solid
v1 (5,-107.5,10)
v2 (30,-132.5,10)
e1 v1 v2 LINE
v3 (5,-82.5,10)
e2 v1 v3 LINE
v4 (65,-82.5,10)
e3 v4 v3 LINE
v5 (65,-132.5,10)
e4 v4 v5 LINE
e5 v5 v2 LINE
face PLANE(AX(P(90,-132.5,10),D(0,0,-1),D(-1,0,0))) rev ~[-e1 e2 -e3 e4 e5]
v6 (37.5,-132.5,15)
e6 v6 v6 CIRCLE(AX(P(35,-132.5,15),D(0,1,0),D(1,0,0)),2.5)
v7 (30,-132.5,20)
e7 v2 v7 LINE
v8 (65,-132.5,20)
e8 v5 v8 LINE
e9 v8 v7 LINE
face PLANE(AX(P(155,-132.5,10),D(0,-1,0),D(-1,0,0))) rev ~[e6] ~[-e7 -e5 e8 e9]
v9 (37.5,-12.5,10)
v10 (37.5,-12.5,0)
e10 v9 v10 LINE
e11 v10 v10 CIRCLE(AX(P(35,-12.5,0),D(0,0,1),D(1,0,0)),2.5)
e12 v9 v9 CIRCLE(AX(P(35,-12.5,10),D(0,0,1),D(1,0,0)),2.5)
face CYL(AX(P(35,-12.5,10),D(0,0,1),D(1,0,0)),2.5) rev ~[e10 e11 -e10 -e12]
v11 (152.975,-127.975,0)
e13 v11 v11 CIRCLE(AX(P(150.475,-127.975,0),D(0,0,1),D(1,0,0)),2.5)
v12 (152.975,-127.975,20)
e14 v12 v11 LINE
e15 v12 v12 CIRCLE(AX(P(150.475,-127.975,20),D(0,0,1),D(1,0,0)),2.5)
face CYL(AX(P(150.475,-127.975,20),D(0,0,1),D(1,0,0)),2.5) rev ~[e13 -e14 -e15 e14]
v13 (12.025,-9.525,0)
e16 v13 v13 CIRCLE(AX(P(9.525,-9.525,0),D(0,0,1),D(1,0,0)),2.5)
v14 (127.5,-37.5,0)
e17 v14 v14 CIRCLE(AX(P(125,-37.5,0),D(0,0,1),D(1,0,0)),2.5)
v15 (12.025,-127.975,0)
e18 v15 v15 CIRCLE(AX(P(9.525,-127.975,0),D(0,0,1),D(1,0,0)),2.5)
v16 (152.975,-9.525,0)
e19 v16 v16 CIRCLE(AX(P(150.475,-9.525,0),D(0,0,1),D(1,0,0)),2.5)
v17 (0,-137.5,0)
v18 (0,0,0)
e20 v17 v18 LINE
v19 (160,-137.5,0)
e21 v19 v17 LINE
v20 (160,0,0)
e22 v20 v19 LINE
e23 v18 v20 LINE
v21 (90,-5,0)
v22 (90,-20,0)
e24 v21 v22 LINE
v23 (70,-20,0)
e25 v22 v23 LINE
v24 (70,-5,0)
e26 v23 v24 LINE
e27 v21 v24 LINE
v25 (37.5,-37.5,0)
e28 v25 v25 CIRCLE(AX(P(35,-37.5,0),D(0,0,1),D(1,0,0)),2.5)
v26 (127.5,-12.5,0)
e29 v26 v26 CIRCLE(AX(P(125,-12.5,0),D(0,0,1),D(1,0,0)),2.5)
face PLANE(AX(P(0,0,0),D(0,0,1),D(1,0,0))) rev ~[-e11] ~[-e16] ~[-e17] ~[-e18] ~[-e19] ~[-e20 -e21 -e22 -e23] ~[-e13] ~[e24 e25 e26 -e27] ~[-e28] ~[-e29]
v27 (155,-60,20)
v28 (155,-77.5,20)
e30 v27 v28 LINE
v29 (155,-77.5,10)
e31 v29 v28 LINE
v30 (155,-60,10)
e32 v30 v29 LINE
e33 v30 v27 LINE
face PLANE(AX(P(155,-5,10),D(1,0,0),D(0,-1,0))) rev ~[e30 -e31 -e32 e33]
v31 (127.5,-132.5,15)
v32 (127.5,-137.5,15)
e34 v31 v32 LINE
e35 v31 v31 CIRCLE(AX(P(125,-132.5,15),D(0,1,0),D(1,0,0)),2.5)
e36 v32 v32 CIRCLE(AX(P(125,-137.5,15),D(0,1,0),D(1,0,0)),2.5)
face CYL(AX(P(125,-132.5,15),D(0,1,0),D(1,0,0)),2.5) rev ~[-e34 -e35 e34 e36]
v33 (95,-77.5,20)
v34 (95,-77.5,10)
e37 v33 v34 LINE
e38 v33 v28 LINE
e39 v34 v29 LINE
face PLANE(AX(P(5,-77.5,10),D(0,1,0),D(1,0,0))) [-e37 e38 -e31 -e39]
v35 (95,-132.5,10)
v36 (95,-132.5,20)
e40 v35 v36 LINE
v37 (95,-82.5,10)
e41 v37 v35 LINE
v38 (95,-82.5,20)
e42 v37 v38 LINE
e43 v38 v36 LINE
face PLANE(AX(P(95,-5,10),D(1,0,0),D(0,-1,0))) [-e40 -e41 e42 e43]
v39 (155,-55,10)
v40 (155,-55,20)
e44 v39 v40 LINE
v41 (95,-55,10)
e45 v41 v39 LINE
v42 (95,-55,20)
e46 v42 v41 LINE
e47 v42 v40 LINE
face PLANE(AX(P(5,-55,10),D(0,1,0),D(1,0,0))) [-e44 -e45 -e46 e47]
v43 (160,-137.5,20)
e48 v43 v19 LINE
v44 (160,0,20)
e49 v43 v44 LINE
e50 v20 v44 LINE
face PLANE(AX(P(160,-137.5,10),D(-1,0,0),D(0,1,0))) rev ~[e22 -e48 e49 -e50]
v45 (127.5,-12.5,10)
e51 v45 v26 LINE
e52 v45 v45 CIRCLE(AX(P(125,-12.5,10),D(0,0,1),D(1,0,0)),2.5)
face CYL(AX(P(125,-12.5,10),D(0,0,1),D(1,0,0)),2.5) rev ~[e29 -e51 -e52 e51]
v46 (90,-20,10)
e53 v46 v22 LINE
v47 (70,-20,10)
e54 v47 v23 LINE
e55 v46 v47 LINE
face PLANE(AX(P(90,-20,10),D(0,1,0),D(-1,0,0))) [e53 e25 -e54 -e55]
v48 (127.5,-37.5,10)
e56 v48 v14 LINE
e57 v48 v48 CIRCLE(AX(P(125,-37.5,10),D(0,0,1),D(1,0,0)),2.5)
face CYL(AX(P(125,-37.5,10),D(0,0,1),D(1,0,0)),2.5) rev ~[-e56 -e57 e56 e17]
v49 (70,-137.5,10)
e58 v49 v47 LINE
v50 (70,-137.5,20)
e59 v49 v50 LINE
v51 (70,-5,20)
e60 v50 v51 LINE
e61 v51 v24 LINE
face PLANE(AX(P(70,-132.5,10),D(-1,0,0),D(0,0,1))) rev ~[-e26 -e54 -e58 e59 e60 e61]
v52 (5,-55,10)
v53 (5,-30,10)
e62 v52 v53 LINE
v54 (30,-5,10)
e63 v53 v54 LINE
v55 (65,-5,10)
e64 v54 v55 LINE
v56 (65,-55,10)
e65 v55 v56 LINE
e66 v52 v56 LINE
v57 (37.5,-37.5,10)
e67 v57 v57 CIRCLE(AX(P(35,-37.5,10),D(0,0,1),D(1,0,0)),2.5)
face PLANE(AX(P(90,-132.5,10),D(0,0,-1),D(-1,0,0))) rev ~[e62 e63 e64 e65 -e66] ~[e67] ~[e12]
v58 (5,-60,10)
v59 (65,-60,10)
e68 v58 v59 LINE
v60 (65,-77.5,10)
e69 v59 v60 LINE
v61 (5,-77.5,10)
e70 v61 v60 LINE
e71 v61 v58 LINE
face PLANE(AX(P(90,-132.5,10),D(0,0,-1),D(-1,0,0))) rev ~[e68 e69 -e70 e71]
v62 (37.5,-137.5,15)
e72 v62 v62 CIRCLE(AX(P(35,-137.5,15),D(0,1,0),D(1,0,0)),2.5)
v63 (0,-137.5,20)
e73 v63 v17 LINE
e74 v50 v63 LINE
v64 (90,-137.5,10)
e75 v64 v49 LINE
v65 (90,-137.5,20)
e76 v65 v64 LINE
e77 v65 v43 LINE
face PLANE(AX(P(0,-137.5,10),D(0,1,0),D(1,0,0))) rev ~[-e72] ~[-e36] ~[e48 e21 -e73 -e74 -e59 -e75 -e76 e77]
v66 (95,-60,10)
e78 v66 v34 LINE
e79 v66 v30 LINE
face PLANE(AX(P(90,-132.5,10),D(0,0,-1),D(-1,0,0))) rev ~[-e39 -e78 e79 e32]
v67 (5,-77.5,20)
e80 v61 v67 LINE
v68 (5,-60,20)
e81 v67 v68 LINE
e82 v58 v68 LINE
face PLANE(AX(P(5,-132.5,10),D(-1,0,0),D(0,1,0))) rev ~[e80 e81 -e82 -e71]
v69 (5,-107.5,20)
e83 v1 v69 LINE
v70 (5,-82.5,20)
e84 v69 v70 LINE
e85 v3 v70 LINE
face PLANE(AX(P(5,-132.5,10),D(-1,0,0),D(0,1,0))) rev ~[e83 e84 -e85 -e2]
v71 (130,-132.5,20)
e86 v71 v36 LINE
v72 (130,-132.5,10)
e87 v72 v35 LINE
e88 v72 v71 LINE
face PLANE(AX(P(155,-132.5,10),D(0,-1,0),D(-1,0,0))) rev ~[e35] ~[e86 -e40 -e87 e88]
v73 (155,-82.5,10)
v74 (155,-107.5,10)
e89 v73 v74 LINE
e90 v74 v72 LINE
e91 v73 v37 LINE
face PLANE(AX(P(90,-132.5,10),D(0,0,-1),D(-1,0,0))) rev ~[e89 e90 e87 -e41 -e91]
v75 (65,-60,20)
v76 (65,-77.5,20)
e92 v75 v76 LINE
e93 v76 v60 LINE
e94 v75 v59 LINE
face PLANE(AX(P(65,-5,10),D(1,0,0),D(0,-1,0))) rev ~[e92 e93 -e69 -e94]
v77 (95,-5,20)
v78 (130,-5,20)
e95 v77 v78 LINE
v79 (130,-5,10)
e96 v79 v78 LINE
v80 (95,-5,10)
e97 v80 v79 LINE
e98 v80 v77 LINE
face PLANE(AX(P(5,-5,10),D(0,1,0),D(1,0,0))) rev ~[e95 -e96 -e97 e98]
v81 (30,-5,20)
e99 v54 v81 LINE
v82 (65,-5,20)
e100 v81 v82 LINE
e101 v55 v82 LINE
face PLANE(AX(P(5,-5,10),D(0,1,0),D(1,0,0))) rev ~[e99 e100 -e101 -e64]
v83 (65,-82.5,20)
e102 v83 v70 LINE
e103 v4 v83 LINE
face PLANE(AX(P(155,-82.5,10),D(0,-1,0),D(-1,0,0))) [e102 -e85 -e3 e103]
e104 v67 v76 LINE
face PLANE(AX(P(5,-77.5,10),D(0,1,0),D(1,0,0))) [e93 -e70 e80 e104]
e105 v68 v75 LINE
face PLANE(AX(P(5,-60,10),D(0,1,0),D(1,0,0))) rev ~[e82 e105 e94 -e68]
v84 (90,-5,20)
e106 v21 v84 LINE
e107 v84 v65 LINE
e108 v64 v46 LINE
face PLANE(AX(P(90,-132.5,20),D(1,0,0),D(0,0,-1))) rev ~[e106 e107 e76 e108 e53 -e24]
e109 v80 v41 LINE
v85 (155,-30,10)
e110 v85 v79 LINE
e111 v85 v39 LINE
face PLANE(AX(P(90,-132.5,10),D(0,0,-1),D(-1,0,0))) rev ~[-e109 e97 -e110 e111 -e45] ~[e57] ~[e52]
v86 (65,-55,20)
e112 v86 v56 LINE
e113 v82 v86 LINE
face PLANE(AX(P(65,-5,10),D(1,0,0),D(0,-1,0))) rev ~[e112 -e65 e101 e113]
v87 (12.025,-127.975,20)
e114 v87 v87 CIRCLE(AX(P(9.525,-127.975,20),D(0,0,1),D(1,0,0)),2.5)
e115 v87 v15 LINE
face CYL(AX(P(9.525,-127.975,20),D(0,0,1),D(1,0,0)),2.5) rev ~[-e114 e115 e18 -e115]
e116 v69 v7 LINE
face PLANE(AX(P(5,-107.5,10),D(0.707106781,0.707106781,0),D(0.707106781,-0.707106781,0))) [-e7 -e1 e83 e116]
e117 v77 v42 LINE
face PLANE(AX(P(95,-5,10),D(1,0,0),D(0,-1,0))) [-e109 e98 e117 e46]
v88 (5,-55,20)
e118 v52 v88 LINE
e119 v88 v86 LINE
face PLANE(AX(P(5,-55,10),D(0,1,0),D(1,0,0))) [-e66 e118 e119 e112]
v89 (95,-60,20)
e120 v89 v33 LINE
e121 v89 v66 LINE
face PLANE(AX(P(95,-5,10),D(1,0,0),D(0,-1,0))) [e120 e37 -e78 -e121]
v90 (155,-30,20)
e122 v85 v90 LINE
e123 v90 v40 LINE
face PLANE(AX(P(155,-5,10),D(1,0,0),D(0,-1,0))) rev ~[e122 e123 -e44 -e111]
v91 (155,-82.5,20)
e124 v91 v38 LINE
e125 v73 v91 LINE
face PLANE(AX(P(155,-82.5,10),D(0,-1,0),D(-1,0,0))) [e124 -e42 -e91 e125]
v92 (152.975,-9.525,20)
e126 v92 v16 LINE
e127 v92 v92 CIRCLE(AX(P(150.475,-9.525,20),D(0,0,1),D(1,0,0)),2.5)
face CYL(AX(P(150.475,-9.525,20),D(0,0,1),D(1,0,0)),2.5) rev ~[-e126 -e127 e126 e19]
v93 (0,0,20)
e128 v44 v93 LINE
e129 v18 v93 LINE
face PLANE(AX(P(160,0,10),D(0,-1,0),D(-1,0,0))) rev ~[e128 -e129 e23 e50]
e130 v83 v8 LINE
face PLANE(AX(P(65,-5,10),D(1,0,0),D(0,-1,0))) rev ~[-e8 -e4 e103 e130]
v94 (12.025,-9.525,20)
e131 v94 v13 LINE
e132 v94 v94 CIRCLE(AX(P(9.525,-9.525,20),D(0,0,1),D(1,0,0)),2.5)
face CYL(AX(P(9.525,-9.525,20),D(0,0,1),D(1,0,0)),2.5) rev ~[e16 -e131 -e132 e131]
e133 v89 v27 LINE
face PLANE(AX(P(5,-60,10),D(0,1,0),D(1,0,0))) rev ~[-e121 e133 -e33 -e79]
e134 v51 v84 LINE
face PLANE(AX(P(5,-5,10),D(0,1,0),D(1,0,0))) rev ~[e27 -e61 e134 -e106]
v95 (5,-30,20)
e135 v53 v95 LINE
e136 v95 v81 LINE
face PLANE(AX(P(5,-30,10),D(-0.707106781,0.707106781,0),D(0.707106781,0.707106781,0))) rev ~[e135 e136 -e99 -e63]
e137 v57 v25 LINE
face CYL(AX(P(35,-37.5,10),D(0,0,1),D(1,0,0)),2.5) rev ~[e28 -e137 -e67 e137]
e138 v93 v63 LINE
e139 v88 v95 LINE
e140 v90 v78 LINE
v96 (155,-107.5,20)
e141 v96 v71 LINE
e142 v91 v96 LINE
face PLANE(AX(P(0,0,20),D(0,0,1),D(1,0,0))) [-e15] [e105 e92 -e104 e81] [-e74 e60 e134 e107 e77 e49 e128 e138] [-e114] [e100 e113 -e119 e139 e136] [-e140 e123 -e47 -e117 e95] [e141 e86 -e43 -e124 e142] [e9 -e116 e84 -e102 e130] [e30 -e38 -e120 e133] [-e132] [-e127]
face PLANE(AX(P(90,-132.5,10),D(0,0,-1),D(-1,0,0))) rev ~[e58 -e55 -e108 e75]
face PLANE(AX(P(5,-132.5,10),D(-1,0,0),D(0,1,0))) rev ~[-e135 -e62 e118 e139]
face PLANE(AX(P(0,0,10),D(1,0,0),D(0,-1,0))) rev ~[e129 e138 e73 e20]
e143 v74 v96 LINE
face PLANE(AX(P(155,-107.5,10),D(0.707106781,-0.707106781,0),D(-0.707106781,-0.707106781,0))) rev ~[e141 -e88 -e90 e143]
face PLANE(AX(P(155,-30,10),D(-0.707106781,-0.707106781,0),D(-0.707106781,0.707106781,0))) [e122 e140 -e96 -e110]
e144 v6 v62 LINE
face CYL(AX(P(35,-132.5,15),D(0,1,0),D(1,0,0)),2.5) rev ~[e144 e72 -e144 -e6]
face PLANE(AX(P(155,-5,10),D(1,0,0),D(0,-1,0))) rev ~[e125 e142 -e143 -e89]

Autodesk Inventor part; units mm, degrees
ref_plane "YZ Plane" through (0, 0, 0) normal (1, 0, 0) x (0, 1, 0)
ref_plane "XZ Plane" through (0, 0, 0) normal (0, 1, 0) x (-1, 0, 0)
ref_plane "XY Plane" through (0, 0, 0) normal (0, 0, 1) x (1, 0, 0)
sketch "Sketch1" plane through (0, 0, 0) normal (0, 0, 1) x (1, 0, 0)
  line L0 (0, 0) -> (160, 0)
  line L1 (160, 0) -> (160, -137.5)
  line L2 (160, -137.5) -> (0, -137.5)
  line L3 (0, -137.5) -> (0, 0)
  dimension "d0" = 160
  dimension "d1" = 137.5
extrude "Extrusion1" add sketch "Sketch1" along normal blind 10
sketch "Sketch2" plane through (0, 0, 10) normal (0, 0, 1) x (1, 0, 0)
  circle A0 centre (35, -12.5) radius 2.5
  circle A1 centre (35, -37.5) radius 2.5
  line L0 (160, 0) -> (0, 0) projected
  line L1 (0, 0) -> (0, -137.5) projected
  circle A2 centre (125, -12.5) radius 2.5
  circle A3 centre (125, -37.5) radius 2.5
  line L2 (160, -137.5) -> (160, 0) projected
  dimension "d4" = 5
  dimension "d5" = 5
  dimension "d6" = 12.5
  dimension "d7" = 25
  dimension "d8" = 35
  dimension "d9" = 5
  dimension "d10" = 5
  dimension "d11" = 35
extrude "Extrusion2" cut sketch "Sketch2" against normal through all
sketch "Sketch3" plane through (0, 0, 10) normal (0, 0, 1) x (1, 0, 0)
  circle A0 centre (125, -12.5) radius 2.5 projected
  circle A1 centre (35, -12.5) radius 2.5 projected
  circle A2 centre (35, -37.5) radius 2.5 projected
  circle A3 centre (125, -37.5) radius 2.5 projected
  line L0 (160, 0) -> (0, 0) projected
  line L1 (0, 0) -> (0, -137.5) projected
  line L2 (0, -137.5) -> (160, -137.5) projected
  line L3 (160, -137.5) -> (160, 0) projected
  line L4 (5, -132.5) -> (5, -5)
  line L5 (5, -5) -> (155, -5)
  line L6 (155, -5) -> (155, -132.5)
  line L7 (155, -132.5) -> (5, -132.5)
  dimension "d14" = 5
extrude "Extrusion3" add sketch "Sketch3" along normal blind 10 contours L3 L2 L1 L0
sketch "Sketch4" plane through (0, 0, 10) normal (0, 0, 1) x (1, 0, 0)
  line L0 (155, -5) -> (5, -5) projected
  line L1 (70, -5) -> (90, -5)
  line L2 (90, -5) -> (90, -20)
  line L3 (90, -20) -> (70, -20)
  line L4 (70, -20) -> (70, -5)
  line L5 (0, 0) -> (0, -137.5) projected
  dimension "d17" = 20
  dimension "d18" = 15
  dimension "d19" = 70
extrude "Extrusion4" cut sketch "Sketch4" against normal through all
sketch "Sketch5" plane through (5, -132.5, 10) normal (0, 1, 0) x (1, 0, 0)
  circle A0 centre (30, -5) radius 2.5
  circle A1 centre (120, -5) radius 2.5
  line L0 (30, -5) -> (120, -5) construction
  line L1 (-5, -10) -> (155, -10) projected
  point P0 (-5, 10)
  point P1 (75, -10)
  point P2 (75, -5)
  dimension "d22" = 5
  dimension "d23" = 5
  dimension "d24" = 5
  dimension "d25" = 90
extrude "Extrusion5" cut sketch "Sketch5" against normal through all
sketch "Sketch6" plane through (5, -132.5, 10) normal (0, 1, 0) x (1, 0, 0)
  line L0 (-5, -10) -> (155, -10) projected
  line L1 (65, -10) -> (85, -10)
  line L2 (85, -10) -> (85, 0)
  line L3 (85, 0) -> (65, 0)
  line L4 (65, 0) -> (65, -10)
  point P0 (-5, 10)
  point P1 (75, -10)
  point P2 (75, -10)
  dimension "d28" = 20
  dimension "d29" = 10
extrude "Extrusion6" cut sketch "Sketch6" against normal through all
sketch "Sketch7" plane through (0, 0, 10) normal (0, 0, 1) x (1, 0, 0)
  line L0 (70, -137.5) -> (70, -132.5) projected
  line L1 (70, -132.5) -> (5, -132.5) projected
  line L2 (5, -132.5) -> (5, -5) projected
  line L3 (5, -5) -> (155, -5) projected
  line L4 (155, -5) -> (155, -132.5) projected
  line L5 (155, -132.5) -> (90, -132.5) projected
  line L6 (90, -132.5) -> (90, -137.5) projected
  line L7 (90, -137.5) -> (160, -137.5) projected
  line L8 (160, -137.5) -> (160, 0) projected
  line L9 (160, 0) -> (0, 0) projected
  line L10 (0, 0) -> (0, -137.5) projected
  line L11 (0, -137.5) -> (70, -137.5) projected
  line L12 (5, -132.5) -> (5, -5) projected
  line L13 (5, -55) -> (155, -55)
  line L14 (5, -60) -> (155, -60)
  line L15 (155, -132.5) -> (155, -5) projected
  line L16 (5, -55) -> (5, -60)
  line L17 (155, -55) -> (155, -60)
  line L18 (5, -77.5) -> (155, -77.5)
  line L19 (155, -77.5) -> (155, -82.5)
  line L20 (155, -82.5) -> (5, -82.5)
  line L21 (5, -82.5) -> (5, -77.5)
  dimension "d32" = 5
  dimension "d33" = 50
  dimension "d34" = 5
  dimension "d35" = 50
extrude "Extrusion7" add sketch "Sketch7" along normal blind 10 contours L2 L18 L4 L20 | L2 L13 L4 L14
sketch "Sketch8" plane through (0, 0, 10) normal (0, 0, 1) x (1, 0, 0)
  line L0 (90, -5) -> (70, -5) projected
  line L1 (0, -137.5) -> (70, -137.5) projected
  line L2 (70, -5) -> (65, -5)
  line L3 (65, -5) -> (65, -137.5)
  line L4 (65, -137.5) -> (70, -137.5)
  line L5 (70, -137.5) -> (70, -5)
  line L6 (155, -5) -> (90, -5) projected
  line L7 (155, -132.5) -> (90, -132.5) projected
  line L8 (90, -5) -> (95, -5)
  line L9 (95, -5) -> (95, -132.5)
  line L10 (95, -132.5) -> (90, -132.5)
  line L11 (90, -132.5) -> (90, -5)
  point P0 (0, 0)
  dimension "d38" = 5
  dimension "d39" = 5
extrude "Extrusion8" add sketch "Sketch8" along normal blind 10
sketch "Sketch9" plane through (0, 0, 10) normal (0, 0, 1) x (1, 0, 0)
  line L0 (90, -137.5) -> (70, -137.5)
  line L1 (70, -137.5) -> (70, -20)
  line L2 (70, -20) -> (90, -20)
  line L3 (90, -20) -> (90, -137.5)
  point P0 (0, 0)
extrude "Extrusion9" cut sketch "Sketch9" along normal through all
sketch "Sketch10" plane through (0, 0, 10) normal (0, 0, 1) x (1, 0, 0)
  line L0 (5, -55) -> (5, -5) projected
  line L1 (5, -30) -> (30, -5)
  line L2 (5, -5) -> (65, -5) projected
  line L3 (5, -30) -> (5, -5)
  line L4 (5, -5) -> (30, -5)
  line L5 (155, -5) -> (155, -55) projected
  line L6 (155, -30) -> (130, -5)
  line L7 (95, -5) -> (155, -5) projected
  line L8 (5, -82.5) -> (5, -132.5) projected
  line L9 (5, -132.5) -> (65, -132.5) projected
  line L10 (95, -82.5) -> (95, -132.5) projected
  line L11 (95, -132.5) -> (155, -132.5) projected
  line L12 (155, -132.5) -> (155, -82.5) projected
  line L13 (155, -82.5) -> (95, -82.5) projected
  line L14 (70, -137.5) -> (70, -5) projected
  line L15 (70, -5) -> (90, -5) projected
  line L16 (90, -5) -> (90, -137.5) projected
  line L17 (90, -137.5) -> (160, -137.5) projected
  line L18 (160, -137.5) -> (160, 0) projected
  line L19 (160, 0) -> (0, 0) projected
  line L20 (0, 0) -> (0, -137.5) projected
  line L21 (0, -137.5) -> (70, -137.5) projected
  line L22 (95, -5) -> (155, -5) projected
  line L23 (155, -5) -> (155, -55) projected
  line L24 (155, -55) -> (95, -55) projected
  line L25 (95, -55) -> (95, -5) projected
  line L26 (95, -60) -> (155, -60) projected
  line L27 (155, -60) -> (155, -77.5) projected
  line L28 (155, -77.5) -> (95, -77.5) projected
  line L29 (95, -77.5) -> (95, -60) projected
  line L30 (65, -132.5) -> (5, -132.5) projected
  line L31 (5, -132.5) -> (5, -82.5) projected
  line L32 (65, -60) -> (65, -77.5) projected
  line L33 (65, -77.5) -> (5, -77.5) projected
  line L34 (5, -77.5) -> (5, -60) projected
  line L35 (5, -60) -> (65, -60) projected
  line L36 (95, -132.5) -> (95, -82.5) projected
  line L37 (95, -82.5) -> (155, -82.5) projected
  line L38 (155, -82.5) -> (155, -132.5) projected
  line L39 (155, -132.5) -> (95, -132.5) projected
  line L40 (65, -5) -> (65, -55) projected
  line L41 (65, -55) -> (5, -55) projected
  line L42 (5, -55) -> (5, -5) projected
  line L43 (5, -5) -> (65, -5) projected
  line L44 (130, -5) -> (155, -5)
  line L45 (155, -5) -> (155, -30)
  line L46 (5, -107.5) -> (30, -132.5)
  line L47 (5, -107.5) -> (5, -132.5)
  line L48 (5, -132.5) -> (30, -132.5)
  line L49 (155, -107.5) -> (130, -132.5)
  line L50 (130, -132.5) -> (155, -132.5)
  line L51 (155, -132.5) -> (155, -107.5)
  dimension "d44" = 30
  dimension "d45" = 30
  dimension "d47" = 30
  dimension "d48" = 30
  dimension "d49" = 30
  dimension "d50" = 30
  dimension "d51" = 30
  dimension "d52" = 30
extrude "Extrusion10" add sketch "Sketch10" along normal blind 10 contours L0 L2 L1 | L5 L6 L7 | L46 L9 L8 | L49 L12 L11
sketch "Sketch11" plane through (0, 0, 20) normal (0, 0, 1) x (1, 0, 0)
  circle A0 centre (9.525, -9.525) radius 2.5
  line L0 (0, 0) -> (160, 0) construction
  line L1 (160, 0) -> (160, -137.5) construction
  line L2 (0, 0) -> (160, 0) construction
  line L3 (160, 0) -> (160, -137.5) construction
  line L4 (160, -137.5) -> (0, -137.5) construction
  line L5 (0, -137.5) -> (0, 0) construction
  line L6 (9.525, -9.525) -> (150.475, -9.525) construction
  line L7 (150.475, -9.525) -> (150.475, -127.975) construction
  line L8 (150.475, -127.975) -> (9.525, -127.975) construction
  line L9 (9.525, -127.975) -> (9.525, -9.525) construction
  circle A1 centre (150.475, -9.525) radius 2.5
  circle A2 centre (150.475, -127.975) radius 2.5
  circle A3 centre (9.525, -127.975) radius 2.5
  dimension "d55" = 5
  dimension "d56" = 9.525
  dimension "d57" = 5
  dimension "d58" = 5
  dimension "d59" = 5
extrude "Extrusion11" cut sketch "Sketch11" against normal through all
properties part number "NA002" material "ABS Plastic"
